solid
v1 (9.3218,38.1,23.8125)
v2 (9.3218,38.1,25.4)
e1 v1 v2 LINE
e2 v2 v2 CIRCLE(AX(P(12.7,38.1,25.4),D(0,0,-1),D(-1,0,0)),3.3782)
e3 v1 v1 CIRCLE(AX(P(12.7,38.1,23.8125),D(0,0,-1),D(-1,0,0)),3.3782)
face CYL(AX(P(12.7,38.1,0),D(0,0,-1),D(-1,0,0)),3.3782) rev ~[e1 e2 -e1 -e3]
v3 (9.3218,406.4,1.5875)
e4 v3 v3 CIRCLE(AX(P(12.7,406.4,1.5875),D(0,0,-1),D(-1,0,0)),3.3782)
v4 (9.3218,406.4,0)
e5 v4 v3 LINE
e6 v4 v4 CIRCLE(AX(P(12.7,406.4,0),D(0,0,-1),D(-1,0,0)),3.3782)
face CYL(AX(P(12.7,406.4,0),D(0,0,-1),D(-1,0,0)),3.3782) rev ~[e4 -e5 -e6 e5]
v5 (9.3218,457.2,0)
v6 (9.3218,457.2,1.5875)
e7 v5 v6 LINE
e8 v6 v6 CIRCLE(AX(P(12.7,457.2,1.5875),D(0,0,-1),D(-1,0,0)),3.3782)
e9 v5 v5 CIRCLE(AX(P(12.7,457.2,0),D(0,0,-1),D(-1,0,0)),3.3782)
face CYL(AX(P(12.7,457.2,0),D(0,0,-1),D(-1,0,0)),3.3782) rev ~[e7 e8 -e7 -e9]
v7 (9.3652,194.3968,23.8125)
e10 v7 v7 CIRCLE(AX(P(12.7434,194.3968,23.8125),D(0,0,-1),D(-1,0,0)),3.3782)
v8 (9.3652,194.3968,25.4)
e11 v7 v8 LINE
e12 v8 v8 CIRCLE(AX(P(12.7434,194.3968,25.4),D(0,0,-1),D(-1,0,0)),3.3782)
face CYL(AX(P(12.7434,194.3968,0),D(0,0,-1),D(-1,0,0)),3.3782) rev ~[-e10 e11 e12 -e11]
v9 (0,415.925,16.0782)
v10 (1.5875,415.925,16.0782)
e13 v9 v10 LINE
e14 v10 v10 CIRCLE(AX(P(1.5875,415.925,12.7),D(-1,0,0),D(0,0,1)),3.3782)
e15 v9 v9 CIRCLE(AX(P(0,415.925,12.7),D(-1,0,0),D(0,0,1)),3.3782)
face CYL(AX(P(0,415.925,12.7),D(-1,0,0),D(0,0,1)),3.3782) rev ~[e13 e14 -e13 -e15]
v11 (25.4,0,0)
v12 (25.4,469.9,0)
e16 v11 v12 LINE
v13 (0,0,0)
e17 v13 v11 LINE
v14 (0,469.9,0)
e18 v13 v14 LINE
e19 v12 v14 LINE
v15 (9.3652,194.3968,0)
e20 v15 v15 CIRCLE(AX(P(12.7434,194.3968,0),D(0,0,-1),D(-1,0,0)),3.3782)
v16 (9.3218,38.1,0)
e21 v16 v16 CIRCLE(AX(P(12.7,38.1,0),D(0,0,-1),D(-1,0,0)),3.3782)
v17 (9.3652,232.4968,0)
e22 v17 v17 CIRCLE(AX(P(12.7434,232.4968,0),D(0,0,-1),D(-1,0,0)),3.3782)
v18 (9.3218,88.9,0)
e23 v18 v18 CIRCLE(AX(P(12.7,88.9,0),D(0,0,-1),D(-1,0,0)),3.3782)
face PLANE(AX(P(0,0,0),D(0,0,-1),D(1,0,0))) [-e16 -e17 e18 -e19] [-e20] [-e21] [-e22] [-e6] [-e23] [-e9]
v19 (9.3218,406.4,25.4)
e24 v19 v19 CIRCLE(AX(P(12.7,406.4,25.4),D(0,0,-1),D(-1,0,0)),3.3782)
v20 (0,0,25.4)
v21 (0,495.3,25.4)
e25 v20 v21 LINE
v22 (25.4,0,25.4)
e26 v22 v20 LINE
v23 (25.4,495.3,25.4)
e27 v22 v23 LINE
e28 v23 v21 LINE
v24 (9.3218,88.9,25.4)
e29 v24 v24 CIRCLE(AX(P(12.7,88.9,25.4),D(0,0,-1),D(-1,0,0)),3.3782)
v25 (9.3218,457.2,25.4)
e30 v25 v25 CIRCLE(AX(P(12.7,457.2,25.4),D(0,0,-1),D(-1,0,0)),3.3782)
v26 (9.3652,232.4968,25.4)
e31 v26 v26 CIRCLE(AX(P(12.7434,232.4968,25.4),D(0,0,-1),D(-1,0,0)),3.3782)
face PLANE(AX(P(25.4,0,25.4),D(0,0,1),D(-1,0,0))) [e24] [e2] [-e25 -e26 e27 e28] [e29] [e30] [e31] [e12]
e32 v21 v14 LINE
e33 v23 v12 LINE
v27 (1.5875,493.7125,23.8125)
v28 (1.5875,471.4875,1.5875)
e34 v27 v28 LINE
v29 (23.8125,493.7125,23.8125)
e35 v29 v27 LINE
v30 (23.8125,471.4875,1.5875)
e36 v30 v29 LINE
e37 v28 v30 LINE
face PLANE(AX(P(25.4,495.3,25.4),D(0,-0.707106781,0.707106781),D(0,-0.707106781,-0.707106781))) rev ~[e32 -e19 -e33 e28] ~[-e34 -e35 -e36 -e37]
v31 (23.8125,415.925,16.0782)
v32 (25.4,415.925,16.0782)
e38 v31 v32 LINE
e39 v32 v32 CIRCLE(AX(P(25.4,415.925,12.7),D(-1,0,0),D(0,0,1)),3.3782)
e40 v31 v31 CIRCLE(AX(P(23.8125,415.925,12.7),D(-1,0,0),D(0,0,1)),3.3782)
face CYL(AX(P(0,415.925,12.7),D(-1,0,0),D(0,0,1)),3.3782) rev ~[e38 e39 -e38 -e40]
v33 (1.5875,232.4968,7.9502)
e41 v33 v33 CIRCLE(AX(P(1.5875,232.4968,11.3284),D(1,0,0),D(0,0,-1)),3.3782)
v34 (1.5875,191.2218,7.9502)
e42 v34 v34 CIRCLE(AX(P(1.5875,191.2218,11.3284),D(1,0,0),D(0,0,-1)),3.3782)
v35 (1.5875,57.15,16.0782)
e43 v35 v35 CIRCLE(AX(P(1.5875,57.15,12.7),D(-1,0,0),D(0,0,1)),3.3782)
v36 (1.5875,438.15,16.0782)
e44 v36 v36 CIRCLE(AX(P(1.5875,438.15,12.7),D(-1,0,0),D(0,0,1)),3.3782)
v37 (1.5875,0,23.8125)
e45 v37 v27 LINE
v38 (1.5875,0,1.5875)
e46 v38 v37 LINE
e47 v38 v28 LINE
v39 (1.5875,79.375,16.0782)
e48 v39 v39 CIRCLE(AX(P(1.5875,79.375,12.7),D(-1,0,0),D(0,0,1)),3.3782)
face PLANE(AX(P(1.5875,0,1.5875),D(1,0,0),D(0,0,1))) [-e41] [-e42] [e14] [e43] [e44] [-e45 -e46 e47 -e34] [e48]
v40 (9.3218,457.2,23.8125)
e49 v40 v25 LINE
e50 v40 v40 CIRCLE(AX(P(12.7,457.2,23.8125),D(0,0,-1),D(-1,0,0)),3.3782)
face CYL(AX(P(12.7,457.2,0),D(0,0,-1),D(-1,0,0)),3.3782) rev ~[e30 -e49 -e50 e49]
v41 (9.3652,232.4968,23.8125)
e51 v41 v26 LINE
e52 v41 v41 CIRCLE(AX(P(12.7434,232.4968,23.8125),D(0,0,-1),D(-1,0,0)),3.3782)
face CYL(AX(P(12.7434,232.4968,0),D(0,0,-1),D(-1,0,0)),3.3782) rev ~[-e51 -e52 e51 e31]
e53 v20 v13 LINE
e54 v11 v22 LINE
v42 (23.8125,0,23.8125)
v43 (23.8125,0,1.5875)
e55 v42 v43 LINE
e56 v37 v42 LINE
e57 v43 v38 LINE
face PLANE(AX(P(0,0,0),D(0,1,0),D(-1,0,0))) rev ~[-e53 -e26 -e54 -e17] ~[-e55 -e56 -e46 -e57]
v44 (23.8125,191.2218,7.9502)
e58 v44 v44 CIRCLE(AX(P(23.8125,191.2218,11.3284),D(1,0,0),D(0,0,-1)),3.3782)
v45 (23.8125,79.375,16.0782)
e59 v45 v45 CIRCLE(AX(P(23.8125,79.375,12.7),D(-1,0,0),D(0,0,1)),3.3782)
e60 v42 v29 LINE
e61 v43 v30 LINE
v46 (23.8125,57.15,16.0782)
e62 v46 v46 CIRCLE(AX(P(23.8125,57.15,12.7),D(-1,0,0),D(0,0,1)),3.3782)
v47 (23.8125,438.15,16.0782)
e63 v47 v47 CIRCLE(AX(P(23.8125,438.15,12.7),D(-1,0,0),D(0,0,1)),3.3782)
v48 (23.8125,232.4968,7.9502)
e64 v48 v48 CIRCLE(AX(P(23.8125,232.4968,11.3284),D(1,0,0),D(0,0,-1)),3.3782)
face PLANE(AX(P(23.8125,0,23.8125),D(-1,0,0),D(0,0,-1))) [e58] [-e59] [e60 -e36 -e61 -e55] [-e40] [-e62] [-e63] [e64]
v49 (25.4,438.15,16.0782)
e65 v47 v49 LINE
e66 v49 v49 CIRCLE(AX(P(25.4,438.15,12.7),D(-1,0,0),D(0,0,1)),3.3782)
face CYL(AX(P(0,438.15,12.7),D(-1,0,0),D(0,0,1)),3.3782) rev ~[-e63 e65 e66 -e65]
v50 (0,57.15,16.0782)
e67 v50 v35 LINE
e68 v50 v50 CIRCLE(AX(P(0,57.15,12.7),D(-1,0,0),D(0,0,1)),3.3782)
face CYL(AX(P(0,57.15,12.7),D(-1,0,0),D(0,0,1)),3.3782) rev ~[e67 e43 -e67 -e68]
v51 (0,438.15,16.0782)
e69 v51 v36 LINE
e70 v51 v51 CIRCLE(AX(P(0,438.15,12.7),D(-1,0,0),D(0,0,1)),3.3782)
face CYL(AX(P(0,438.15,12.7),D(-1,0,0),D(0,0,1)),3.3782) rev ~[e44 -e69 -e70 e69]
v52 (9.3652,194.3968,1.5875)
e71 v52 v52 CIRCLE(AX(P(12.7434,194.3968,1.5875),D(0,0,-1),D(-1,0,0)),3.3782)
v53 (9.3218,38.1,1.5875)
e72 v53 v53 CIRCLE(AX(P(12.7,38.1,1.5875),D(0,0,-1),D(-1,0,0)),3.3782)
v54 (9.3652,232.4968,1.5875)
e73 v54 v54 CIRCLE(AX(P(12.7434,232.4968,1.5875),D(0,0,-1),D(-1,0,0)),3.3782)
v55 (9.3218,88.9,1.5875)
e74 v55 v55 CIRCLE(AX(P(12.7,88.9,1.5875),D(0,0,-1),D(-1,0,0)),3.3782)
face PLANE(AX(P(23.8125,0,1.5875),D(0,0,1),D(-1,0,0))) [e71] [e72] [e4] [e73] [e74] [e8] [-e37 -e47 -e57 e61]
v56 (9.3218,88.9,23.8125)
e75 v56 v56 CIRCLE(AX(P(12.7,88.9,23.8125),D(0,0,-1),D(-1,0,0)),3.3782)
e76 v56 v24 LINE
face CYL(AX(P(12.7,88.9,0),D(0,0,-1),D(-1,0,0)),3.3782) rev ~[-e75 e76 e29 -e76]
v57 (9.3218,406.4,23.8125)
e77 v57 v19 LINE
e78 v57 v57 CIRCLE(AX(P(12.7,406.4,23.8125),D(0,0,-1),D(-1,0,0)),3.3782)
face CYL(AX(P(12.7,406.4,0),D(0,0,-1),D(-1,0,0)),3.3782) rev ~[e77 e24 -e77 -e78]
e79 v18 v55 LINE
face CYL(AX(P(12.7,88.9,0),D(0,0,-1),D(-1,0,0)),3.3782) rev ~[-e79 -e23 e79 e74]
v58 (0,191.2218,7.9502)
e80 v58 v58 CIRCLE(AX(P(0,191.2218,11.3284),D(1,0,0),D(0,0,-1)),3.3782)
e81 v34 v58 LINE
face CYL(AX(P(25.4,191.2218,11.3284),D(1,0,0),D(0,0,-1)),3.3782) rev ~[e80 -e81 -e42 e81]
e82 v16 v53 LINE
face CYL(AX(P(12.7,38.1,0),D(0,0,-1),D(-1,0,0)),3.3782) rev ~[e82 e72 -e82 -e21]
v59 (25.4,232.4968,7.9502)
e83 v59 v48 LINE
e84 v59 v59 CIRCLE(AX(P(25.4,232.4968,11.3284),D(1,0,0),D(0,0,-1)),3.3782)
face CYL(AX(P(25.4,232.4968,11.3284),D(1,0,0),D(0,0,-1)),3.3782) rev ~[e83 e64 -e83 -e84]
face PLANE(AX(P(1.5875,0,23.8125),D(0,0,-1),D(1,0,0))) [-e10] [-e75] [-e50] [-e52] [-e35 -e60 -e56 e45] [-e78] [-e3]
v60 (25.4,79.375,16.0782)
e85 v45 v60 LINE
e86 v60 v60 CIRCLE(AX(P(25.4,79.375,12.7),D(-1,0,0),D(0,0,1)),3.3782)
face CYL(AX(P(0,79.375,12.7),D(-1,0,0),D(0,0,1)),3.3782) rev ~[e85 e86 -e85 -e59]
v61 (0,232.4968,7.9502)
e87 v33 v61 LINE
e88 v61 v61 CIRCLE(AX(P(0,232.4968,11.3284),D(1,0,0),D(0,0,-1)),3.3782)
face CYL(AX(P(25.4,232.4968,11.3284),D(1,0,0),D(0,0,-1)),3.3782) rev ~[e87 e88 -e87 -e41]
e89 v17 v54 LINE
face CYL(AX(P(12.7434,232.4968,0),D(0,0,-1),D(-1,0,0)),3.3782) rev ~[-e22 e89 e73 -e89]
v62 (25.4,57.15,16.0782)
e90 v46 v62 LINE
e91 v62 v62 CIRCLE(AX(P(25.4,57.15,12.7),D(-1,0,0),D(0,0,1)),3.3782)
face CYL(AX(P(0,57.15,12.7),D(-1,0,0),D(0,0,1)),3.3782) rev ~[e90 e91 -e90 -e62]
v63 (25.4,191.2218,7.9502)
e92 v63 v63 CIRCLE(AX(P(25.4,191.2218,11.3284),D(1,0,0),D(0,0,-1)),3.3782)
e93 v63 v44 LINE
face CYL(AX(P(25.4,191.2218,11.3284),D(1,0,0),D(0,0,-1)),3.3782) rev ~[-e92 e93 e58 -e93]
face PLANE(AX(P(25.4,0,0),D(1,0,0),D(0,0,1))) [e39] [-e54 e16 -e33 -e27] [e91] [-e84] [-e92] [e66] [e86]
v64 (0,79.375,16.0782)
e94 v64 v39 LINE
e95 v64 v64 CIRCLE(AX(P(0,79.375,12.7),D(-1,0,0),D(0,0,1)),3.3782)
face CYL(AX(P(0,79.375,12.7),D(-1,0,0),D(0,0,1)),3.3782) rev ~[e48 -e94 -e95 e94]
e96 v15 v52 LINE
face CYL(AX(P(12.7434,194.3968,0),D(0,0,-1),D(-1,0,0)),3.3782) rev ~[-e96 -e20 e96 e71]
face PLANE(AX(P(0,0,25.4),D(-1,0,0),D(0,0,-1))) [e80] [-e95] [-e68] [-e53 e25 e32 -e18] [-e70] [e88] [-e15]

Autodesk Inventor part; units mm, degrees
ref_plane "YZ Plane" through (0, 0, 0) normal (1, 0, 0) x (0, 1, 0)
ref_plane "XZ Plane" through (0, 0, 0) normal (0, 1, 0) x (-1, 0, 0)
ref_plane "XY Plane" through (0, 0, 0) normal (0, 0, 1) x (1, 0, 0)
sketch "Sketch1" plane through (0, 0, 0) normal (0, 1, 0) x (-1, 0, 0)
  line L0 (0, 0) -> (-25.4, 0)
  line L1 (-25.4, 0) -> (-25.4, 25.4)
  line L2 (-25.4, 25.4) -> (0, 25.4)
  line L3 (0, 25.4) -> (0, 0)
  line L4 (-1.5875, 23.8125) -> (-23.8125, 23.8125)
  line L5 (-23.8125, 23.8125) -> (-23.8125, 1.5875)
  line L6 (-23.8125, 1.5875) -> (-1.5875, 1.5875)
  line L7 (-1.5875, 1.5875) -> (-1.5875, 23.8125)
  dimension "d0" = 25.4
  dimension "d2" = 25.4
  dimension "d3" = 22.225
extrude "Extrusion1" add sketch "Sketch1" along normal blind 495.3
sketch "Sketch2" plane through (25.4, 0, 25.4) normal (1, 0, 0) x (0, 0, -1)
  line L0 (25.4, 0) -> (25.4, 495.3) projected
  line L1 (0, 495.3) -> (25.4, 495.3) projected
  line L2 (0, 495.3) -> (25.4, 469.9)
  point P0 (25.4, 25.4)
  dimension "d7" = 45
sketch "Sketch3" plane through (0, 0, 25.4) normal (-1, 0, 0) x (0, 0, 1)
  line L0 (0, 0) -> (0, 495.3) projected
  circle A0 centre (-6.35, 457.2) radius 3.3782
  circle A1 centre (-6.35, 431.8) radius 3.3782
  circle A2 centre (-6.35, 38.1) radius 3.3782
  circle A3 centre (-6.35, 63.5) radius 3.3782
  point P0 (-25.4, 0)
  dimension "d10" = 6.7564
  dimension "d11" = 6.7564
  dimension "d12" = 38.1
  dimension "d13" = 6.35
  dimension "d14" = 6.35
  dimension "d15" = 63.5
  dimension "d16" = 6.7564
  dimension "d17" = 6.7564
  dimension "d18" = 63.5
  dimension "d19" = 38.1
  dimension "d20" = 6.35
  dimension "d21" = 6.35
extrude "Extrusion3" cut sketch "Sketch3" against normal blind 25.4
ref_plane "Work Plane1" through (25.4, 25.4, 0) normal (0, 0, -1) x (-1, 0, 0)
sketch "Sketch4" plane through (25.4, 25.4, 0) normal (0, 0, -1) x (-1, 0, 0)
  circle A0 centre (12.6566, 207.0968) radius 3.3782 projected
  circle A1 centre (12.6566, 168.9968) radius 3.3782 projected
  point P0 (25.4, -25.4)
extrude "Extrusion4" cut sketch "Sketch4" against normal blind 25.4
sketch "Sketch5" plane through (25.4, 0, 25.4) normal (1, 0, 0) x (0, 0, -1)
  circle A0 centre (14.0716, 191.2218) radius 3.3782 projected
  circle A1 centre (14.0716, 232.4968) radius 3.3782 projected
  point P0 (25.4, 0)
extrude "Extrusion5" cut sketch "Sketch5" against normal blind 25.4
extrude "Extrusion6" cut sketch "Sketch2" against normal blind 25.4
sketch "Sketch8" plane through (0, 0, 0) normal (-1, 0, 0) x (0, 0, 1)
  circle A0 centre (12.7, 79.375) radius 3.3782 projected
  circle A1 centre (12.7, 57.15) radius 3.3782 projected
  circle A2 centre (12.7, 438.15) radius 3.3782 projected
  circle A3 centre (12.7, 415.925) radius 3.3782 projected
extrude "Extrusion9" cut sketch "Sketch8" against normal blind 25.4
sketch "Sketch9" plane through (25.4, 0, 0) normal (0, 0, -1) x (-1, 0, 0)
  circle A0 centre (12.7, 457.2) radius 3.3782 projected
  circle A1 centre (12.7, 406.4) radius 3.3782 projected
  circle A2 centre (12.7, 38.1) radius 3.3782 projected
  circle A3 centre (12.7, 88.9) radius 3.3782 projected
extrude "Extrusion10" cut sketch "Sketch9" against normal blind 25.4
sketch "Sketch10" plane through (0, 0, 0) normal (-1, 0, 0) x (0, 0, 1)
  circle A0 centre (19.05, 457.2) radius 3.3782 projected
  circle A1 centre (19.05, 431.8) radius 3.3782 projected
  circle A2 centre (19.05, 457.2) radius 3.3782
  circle A3 centre (19.05, 431.8) radius 3.3782
extrude "Extrusion11" add sketch "Sketch10" against normal blind 1.5875
sketch "Sketch11" plane through (25.4, 0, 25.4) normal (1, 0, 0) x (0, 0, -1)
  circle A0 centre (6.35, 431.8) radius 3.3782 projected
  circle A1 centre (6.35, 457.2) radius 3.3782 projected
  circle A2 centre (6.35, 457.2) radius 3.3782
  circle A3 centre (6.35, 431.8) radius 3.3782
extrude "Extrusion12" add sketch "Sketch11" against normal blind 1.5875
sketch "Sketch12" plane through (0, 0, 0) normal (-1, 0, 0) x (0, 0, 1)
  circle A0 centre (19.05, 38.1) radius 3.3782 projected
  circle A1 centre (19.05, 63.5) radius 3.3782 projected
  circle A2 centre (19.05, 63.5) radius 3.3782
  circle A3 centre (19.05, 38.1) radius 3.3782
extrude "Extrusion13" add sketch "Sketch12" against normal blind 1.5875
sketch "Sketch13" plane through (25.4, 0, 25.4) normal (1, 0, 0) x (0, 0, -1)
  circle A0 centre (6.35, 63.5) radius 3.3782 projected
  circle A1 centre (6.35, 38.1) radius 3.3782 projected
  circle A2 centre (6.35, 63.5) radius 3.3782
  circle A3 centre (6.35, 38.1) radius 3.3782
extrude "Extrusion14" add sketch "Sketch13" against normal blind 1.5875
properties part number "Square Tube" material "Aluminum 6061"
